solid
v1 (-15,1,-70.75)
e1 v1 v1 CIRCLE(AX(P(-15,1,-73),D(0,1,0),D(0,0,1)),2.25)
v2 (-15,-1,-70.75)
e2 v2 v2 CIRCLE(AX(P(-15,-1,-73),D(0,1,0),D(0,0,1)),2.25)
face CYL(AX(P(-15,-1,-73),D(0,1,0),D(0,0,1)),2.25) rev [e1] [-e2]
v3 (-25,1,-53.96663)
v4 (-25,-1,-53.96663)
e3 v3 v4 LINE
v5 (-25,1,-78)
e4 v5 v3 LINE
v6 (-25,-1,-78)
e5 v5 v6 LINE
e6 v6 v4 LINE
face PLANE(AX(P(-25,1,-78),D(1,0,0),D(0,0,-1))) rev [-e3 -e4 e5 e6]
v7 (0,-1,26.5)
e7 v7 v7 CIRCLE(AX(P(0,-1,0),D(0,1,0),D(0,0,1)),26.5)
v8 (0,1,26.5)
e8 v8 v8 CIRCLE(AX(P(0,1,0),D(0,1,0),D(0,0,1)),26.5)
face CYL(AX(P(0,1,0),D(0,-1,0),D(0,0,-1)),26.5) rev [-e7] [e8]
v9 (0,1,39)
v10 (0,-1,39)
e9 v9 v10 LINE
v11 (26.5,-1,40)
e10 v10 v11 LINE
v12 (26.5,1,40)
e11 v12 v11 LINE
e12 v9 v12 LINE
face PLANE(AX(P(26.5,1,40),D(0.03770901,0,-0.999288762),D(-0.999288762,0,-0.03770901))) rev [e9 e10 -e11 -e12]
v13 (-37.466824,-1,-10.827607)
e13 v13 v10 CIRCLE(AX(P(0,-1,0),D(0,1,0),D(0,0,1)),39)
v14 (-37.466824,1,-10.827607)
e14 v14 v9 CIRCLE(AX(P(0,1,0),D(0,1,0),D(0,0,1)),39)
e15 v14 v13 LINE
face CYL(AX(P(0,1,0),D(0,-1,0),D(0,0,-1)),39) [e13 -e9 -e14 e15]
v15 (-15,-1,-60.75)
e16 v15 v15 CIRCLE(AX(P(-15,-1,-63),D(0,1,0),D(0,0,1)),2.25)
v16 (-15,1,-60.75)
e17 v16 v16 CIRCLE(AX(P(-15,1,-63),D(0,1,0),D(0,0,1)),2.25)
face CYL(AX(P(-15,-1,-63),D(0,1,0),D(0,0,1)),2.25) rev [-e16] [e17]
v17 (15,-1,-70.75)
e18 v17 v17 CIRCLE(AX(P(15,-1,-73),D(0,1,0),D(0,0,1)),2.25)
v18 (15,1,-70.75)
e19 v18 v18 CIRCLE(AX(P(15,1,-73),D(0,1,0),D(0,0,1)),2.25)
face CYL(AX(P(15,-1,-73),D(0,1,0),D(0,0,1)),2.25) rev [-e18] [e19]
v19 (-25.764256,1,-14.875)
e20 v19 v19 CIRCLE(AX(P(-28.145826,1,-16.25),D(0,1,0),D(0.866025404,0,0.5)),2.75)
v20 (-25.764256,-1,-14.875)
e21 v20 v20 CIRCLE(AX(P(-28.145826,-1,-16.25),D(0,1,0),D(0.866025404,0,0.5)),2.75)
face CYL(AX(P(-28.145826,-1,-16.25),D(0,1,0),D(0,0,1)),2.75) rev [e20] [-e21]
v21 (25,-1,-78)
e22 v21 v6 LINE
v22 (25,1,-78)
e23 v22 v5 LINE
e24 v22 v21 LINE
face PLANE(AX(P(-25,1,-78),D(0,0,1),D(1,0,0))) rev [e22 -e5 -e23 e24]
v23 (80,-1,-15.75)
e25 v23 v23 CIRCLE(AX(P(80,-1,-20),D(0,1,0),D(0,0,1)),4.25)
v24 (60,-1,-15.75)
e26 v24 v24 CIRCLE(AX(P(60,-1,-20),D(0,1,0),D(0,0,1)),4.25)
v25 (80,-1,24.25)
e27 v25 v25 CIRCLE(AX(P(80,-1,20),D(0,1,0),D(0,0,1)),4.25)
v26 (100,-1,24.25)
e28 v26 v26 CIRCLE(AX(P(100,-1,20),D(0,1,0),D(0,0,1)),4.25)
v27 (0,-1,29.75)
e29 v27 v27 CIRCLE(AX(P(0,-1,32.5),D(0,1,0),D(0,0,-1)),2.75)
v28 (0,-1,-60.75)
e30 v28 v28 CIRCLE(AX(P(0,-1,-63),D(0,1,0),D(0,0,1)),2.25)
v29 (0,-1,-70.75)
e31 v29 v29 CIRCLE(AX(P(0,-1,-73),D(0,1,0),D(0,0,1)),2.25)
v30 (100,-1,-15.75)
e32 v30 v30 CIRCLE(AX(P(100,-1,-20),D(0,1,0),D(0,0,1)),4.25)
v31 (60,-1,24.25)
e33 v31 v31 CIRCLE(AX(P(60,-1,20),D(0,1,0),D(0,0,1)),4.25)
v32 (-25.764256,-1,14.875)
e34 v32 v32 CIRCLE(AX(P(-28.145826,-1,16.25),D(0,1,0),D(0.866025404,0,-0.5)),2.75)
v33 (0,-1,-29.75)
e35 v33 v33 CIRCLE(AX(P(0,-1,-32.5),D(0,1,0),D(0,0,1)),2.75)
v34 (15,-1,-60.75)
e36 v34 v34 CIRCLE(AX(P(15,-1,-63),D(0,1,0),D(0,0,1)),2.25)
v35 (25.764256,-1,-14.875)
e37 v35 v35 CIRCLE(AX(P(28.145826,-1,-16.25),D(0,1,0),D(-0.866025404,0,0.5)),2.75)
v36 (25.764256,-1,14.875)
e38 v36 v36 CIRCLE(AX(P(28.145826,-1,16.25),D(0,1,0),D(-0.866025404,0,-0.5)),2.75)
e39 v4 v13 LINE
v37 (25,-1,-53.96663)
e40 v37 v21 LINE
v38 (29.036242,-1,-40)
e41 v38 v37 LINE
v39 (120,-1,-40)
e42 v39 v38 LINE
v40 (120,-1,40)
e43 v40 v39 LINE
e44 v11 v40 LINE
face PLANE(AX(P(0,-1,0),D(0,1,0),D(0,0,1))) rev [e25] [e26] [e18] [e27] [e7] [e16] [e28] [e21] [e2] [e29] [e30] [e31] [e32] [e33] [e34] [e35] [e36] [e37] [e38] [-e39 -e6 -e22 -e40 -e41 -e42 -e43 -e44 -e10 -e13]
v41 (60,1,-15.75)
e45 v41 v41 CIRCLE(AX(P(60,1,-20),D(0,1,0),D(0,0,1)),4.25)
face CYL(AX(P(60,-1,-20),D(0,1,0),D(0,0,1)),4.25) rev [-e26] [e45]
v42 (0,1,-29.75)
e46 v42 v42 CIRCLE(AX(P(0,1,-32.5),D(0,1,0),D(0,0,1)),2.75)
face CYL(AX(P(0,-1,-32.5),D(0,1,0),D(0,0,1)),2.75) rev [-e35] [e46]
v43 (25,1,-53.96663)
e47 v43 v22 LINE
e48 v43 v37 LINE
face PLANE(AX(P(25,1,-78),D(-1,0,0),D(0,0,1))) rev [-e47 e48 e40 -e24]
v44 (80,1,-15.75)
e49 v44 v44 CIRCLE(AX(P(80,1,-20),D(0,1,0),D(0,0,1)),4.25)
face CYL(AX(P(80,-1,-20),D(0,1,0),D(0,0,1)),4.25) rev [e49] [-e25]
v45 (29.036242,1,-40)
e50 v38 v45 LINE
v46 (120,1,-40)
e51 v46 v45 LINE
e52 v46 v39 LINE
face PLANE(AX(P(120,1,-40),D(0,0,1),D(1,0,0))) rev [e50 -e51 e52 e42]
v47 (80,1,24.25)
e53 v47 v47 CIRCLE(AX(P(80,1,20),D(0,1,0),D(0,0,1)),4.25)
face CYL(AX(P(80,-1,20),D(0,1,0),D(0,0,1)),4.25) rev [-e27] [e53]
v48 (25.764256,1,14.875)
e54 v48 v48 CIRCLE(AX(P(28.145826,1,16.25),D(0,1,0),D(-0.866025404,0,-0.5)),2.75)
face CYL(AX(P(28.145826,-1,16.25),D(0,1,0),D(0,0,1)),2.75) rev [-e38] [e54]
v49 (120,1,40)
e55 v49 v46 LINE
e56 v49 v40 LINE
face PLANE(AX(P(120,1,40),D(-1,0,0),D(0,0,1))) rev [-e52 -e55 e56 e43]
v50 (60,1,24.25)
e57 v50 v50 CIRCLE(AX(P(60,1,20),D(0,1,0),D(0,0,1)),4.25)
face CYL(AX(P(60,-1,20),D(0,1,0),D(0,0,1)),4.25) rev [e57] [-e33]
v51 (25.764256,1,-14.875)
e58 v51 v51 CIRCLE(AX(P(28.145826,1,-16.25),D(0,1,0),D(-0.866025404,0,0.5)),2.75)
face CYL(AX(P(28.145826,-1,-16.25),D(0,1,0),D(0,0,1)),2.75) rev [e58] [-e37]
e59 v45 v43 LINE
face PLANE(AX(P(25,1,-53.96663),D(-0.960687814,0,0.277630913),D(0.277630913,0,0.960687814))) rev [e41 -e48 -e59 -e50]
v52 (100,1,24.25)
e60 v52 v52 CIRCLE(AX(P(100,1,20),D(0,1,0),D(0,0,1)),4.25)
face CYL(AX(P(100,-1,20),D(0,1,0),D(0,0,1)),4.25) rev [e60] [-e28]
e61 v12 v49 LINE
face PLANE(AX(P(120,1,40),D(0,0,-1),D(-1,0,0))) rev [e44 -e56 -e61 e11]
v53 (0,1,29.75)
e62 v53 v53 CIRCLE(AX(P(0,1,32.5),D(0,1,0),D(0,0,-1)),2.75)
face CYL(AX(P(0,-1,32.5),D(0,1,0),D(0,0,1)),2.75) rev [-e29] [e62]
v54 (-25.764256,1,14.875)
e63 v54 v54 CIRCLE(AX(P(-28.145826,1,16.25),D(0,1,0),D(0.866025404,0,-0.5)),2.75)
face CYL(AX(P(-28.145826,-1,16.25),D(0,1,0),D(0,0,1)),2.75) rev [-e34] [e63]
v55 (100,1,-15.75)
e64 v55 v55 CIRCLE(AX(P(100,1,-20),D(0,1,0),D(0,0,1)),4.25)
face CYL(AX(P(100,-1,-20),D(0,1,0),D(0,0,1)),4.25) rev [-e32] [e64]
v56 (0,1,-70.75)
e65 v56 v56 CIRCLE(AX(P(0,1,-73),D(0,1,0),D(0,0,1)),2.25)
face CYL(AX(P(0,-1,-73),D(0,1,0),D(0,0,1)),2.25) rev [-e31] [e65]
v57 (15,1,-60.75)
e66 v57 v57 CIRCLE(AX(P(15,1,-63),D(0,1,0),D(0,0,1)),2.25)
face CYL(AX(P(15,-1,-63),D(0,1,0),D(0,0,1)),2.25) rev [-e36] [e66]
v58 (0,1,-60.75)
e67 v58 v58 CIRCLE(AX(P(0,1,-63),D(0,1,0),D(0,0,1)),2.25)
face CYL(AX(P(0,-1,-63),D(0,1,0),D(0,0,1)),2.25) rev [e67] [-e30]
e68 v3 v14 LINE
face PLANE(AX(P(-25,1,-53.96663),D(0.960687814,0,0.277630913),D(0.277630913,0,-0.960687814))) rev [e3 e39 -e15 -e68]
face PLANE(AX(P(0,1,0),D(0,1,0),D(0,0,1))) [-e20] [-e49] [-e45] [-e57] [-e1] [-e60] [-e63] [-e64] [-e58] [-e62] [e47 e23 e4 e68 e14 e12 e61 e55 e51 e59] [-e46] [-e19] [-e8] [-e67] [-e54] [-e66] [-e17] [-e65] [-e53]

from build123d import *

# Parameters (mm, degrees)
SKETCH1_R            = 39
SKETCH1_R_2          = 26.5
BOSS_EXTRUDE1_DEPTH  = 1
SKETCH3_W            = 50
SKETCH3_H            = 51.5
BOSS_EXTRUDE2_DEPTH  = 1
BOSS_EXTRUDE3_DEPTH  = 1
BOSS_EXTRUDE5_DEPTH  = 1
SKETCH2_R            = 2.75
CUT_EXTRUDE1_DEPTH   = 2
CIRPATTERN1_COUNT    = 6
CUT_EXTRUDE2_START   = -3
SKETCH5_R            = 2.25
CUT_EXTRUDE2_DEPTH   = 4
LPATTERN1_COUNT      = 2
LPATTERN1_PITCH      = 15
LPATTERN1_COUNT_DIR2 = 2
LPATTERN1_PITCH_DIR2 = 10
LPATTERN2_COUNT      = 2
LPATTERN2_PITCH      = 15
LPATTERN2_COUNT_DIR2 = 2
LPATTERN2_PITCH_DIR2 = 10
CUT_EXTRUDE3_START   = -3
SKETCH8_R            = 4.25
CUT_EXTRUDE3_DEPTH   = 4
LPATTERN3_COUNT      = 3
LPATTERN3_PITCH      = 20


with BuildPart() as part:
    # Sketch1 → Boss-Extrude1 (new body, symmetric)
    with BuildSketch(Plane(origin=(0, 0, 0), x_dir=(1, 0, 0), z_dir=(0, 1, 0))):
        Circle(SKETCH1_R)
        Circle(SKETCH1_R_2, mode=Mode.SUBTRACT)
    extrude(amount=BOSS_EXTRUDE1_DEPTH, both=True)

    # Sketch3 → Boss-Extrude2 (add, symmetric)
    with BuildSketch(Plane(origin=(0, 0, 0), x_dir=(1, 0, 0), z_dir=(0, 1, 0))):
        with Locations((0, 52.25)):
            Rectangle(SKETCH3_W, SKETCH3_H)
    extrude(amount=BOSS_EXTRUDE2_DEPTH, both=True)

    # Sketch4 → Boss-Extrude3 (add, symmetric)
    with BuildSketch(Plane(origin=(0, 0, 0), x_dir=(1, 0, 0), z_dir=(0, 1, 0))):
        Polygon((-25, 53.966629547), (-37.466824315, 10.827607112), (-25, 29.933259094), align=None)
        Polygon((37.466824315, 10.827607112), (25, 29.933259094), (25, 53.966629547), align=None)
    extrude(amount=BOSS_EXTRUDE3_DEPTH, both=True)

    # Sketch7 → Boss-Extrude5 (add, symmetric)
    with BuildSketch(Plane(origin=(0, 0, 0), x_dir=(1, 0, 0), z_dir=(0, 1, 0))):
        Polygon((120, -40), (26.5, -40), (0, -39), (26.5, -15.728301656), (26.5, 0), (26.5, 40), (120, 40), align=None)
    extrude(amount=BOSS_EXTRUDE5_DEPTH, both=True)

    # Sketch2 → Cut-Extrude1 (cut, symmetric)
    with BuildSketch(Plane(origin=(0, 0, 0), x_dir=(1, 0, 0), z_dir=(0, 1, 0))):
        with Locations((0, 32.5)):
            Circle(SKETCH2_R)
    cut_extrude1 = extrude(amount=CUT_EXTRUDE1_DEPTH, both=True, mode=Mode.SUBTRACT)

    # CirPattern1: Cut-Extrude1 ×6 about axis
    cirpattern1_axis = Axis((0, 0, 0), (0, 1, 0))
    for i in range(1, CIRPATTERN1_COUNT):
        add(cut_extrude1.rotate(cirpattern1_axis, i * 360 / CIRPATTERN1_COUNT), mode=Mode.SUBTRACT)

    # Sketch5 → Cut-Extrude2 (cut)
    with BuildSketch(Plane(origin=(0, 1, 0), x_dir=(1, 0, 0), z_dir=(0, 1, 0)).offset(CUT_EXTRUDE2_START)):
        with Locations((0, 73)):
            Circle(SKETCH5_R)
    cut_extrude2 = extrude(amount=CUT_EXTRUDE2_DEPTH, mode=Mode.SUBTRACT)

    # LPattern1: Cut-Extrude2 2 × 2
    with Locations(*[(i * LPATTERN1_PITCH, 0, j * LPATTERN1_PITCH_DIR2) for i in range(LPATTERN1_COUNT) for j in range(LPATTERN1_COUNT_DIR2) if (i, j) != (0, 0)]):
        add(cut_extrude2, mode=Mode.SUBTRACT)

    # LPattern2: Cut-Extrude2 2 × 2
    with Locations(*[(-i * LPATTERN2_PITCH, 0, j * LPATTERN2_PITCH_DIR2) for i in range(LPATTERN2_COUNT) for j in range(LPATTERN2_COUNT_DIR2) if (i, j) != (0, 0)]):
        add(cut_extrude2, mode=Mode.SUBTRACT)

    # Sketch8 → Cut-Extrude3 (cut)
    with BuildSketch(Plane(origin=(0, 1, 0), x_dir=(1, 0, 0), z_dir=(0, 1, 0)).offset(CUT_EXTRUDE3_START)):
        with Locations((60, 20)):
            Circle(SKETCH8_R)
        with Locations((60, -20)):
            Circle(SKETCH8_R)
    cut_extrude3 = extrude(amount=CUT_EXTRUDE3_DEPTH, mode=Mode.SUBTRACT)

    # LPattern3: Cut-Extrude3 ×3
    with Locations(*[(i * LPATTERN3_PITCH, 0, 0) for i in range(1, LPATTERN3_COUNT)]):
        add(cut_extrude3, mode=Mode.SUBTRACT)


solid = part.part
